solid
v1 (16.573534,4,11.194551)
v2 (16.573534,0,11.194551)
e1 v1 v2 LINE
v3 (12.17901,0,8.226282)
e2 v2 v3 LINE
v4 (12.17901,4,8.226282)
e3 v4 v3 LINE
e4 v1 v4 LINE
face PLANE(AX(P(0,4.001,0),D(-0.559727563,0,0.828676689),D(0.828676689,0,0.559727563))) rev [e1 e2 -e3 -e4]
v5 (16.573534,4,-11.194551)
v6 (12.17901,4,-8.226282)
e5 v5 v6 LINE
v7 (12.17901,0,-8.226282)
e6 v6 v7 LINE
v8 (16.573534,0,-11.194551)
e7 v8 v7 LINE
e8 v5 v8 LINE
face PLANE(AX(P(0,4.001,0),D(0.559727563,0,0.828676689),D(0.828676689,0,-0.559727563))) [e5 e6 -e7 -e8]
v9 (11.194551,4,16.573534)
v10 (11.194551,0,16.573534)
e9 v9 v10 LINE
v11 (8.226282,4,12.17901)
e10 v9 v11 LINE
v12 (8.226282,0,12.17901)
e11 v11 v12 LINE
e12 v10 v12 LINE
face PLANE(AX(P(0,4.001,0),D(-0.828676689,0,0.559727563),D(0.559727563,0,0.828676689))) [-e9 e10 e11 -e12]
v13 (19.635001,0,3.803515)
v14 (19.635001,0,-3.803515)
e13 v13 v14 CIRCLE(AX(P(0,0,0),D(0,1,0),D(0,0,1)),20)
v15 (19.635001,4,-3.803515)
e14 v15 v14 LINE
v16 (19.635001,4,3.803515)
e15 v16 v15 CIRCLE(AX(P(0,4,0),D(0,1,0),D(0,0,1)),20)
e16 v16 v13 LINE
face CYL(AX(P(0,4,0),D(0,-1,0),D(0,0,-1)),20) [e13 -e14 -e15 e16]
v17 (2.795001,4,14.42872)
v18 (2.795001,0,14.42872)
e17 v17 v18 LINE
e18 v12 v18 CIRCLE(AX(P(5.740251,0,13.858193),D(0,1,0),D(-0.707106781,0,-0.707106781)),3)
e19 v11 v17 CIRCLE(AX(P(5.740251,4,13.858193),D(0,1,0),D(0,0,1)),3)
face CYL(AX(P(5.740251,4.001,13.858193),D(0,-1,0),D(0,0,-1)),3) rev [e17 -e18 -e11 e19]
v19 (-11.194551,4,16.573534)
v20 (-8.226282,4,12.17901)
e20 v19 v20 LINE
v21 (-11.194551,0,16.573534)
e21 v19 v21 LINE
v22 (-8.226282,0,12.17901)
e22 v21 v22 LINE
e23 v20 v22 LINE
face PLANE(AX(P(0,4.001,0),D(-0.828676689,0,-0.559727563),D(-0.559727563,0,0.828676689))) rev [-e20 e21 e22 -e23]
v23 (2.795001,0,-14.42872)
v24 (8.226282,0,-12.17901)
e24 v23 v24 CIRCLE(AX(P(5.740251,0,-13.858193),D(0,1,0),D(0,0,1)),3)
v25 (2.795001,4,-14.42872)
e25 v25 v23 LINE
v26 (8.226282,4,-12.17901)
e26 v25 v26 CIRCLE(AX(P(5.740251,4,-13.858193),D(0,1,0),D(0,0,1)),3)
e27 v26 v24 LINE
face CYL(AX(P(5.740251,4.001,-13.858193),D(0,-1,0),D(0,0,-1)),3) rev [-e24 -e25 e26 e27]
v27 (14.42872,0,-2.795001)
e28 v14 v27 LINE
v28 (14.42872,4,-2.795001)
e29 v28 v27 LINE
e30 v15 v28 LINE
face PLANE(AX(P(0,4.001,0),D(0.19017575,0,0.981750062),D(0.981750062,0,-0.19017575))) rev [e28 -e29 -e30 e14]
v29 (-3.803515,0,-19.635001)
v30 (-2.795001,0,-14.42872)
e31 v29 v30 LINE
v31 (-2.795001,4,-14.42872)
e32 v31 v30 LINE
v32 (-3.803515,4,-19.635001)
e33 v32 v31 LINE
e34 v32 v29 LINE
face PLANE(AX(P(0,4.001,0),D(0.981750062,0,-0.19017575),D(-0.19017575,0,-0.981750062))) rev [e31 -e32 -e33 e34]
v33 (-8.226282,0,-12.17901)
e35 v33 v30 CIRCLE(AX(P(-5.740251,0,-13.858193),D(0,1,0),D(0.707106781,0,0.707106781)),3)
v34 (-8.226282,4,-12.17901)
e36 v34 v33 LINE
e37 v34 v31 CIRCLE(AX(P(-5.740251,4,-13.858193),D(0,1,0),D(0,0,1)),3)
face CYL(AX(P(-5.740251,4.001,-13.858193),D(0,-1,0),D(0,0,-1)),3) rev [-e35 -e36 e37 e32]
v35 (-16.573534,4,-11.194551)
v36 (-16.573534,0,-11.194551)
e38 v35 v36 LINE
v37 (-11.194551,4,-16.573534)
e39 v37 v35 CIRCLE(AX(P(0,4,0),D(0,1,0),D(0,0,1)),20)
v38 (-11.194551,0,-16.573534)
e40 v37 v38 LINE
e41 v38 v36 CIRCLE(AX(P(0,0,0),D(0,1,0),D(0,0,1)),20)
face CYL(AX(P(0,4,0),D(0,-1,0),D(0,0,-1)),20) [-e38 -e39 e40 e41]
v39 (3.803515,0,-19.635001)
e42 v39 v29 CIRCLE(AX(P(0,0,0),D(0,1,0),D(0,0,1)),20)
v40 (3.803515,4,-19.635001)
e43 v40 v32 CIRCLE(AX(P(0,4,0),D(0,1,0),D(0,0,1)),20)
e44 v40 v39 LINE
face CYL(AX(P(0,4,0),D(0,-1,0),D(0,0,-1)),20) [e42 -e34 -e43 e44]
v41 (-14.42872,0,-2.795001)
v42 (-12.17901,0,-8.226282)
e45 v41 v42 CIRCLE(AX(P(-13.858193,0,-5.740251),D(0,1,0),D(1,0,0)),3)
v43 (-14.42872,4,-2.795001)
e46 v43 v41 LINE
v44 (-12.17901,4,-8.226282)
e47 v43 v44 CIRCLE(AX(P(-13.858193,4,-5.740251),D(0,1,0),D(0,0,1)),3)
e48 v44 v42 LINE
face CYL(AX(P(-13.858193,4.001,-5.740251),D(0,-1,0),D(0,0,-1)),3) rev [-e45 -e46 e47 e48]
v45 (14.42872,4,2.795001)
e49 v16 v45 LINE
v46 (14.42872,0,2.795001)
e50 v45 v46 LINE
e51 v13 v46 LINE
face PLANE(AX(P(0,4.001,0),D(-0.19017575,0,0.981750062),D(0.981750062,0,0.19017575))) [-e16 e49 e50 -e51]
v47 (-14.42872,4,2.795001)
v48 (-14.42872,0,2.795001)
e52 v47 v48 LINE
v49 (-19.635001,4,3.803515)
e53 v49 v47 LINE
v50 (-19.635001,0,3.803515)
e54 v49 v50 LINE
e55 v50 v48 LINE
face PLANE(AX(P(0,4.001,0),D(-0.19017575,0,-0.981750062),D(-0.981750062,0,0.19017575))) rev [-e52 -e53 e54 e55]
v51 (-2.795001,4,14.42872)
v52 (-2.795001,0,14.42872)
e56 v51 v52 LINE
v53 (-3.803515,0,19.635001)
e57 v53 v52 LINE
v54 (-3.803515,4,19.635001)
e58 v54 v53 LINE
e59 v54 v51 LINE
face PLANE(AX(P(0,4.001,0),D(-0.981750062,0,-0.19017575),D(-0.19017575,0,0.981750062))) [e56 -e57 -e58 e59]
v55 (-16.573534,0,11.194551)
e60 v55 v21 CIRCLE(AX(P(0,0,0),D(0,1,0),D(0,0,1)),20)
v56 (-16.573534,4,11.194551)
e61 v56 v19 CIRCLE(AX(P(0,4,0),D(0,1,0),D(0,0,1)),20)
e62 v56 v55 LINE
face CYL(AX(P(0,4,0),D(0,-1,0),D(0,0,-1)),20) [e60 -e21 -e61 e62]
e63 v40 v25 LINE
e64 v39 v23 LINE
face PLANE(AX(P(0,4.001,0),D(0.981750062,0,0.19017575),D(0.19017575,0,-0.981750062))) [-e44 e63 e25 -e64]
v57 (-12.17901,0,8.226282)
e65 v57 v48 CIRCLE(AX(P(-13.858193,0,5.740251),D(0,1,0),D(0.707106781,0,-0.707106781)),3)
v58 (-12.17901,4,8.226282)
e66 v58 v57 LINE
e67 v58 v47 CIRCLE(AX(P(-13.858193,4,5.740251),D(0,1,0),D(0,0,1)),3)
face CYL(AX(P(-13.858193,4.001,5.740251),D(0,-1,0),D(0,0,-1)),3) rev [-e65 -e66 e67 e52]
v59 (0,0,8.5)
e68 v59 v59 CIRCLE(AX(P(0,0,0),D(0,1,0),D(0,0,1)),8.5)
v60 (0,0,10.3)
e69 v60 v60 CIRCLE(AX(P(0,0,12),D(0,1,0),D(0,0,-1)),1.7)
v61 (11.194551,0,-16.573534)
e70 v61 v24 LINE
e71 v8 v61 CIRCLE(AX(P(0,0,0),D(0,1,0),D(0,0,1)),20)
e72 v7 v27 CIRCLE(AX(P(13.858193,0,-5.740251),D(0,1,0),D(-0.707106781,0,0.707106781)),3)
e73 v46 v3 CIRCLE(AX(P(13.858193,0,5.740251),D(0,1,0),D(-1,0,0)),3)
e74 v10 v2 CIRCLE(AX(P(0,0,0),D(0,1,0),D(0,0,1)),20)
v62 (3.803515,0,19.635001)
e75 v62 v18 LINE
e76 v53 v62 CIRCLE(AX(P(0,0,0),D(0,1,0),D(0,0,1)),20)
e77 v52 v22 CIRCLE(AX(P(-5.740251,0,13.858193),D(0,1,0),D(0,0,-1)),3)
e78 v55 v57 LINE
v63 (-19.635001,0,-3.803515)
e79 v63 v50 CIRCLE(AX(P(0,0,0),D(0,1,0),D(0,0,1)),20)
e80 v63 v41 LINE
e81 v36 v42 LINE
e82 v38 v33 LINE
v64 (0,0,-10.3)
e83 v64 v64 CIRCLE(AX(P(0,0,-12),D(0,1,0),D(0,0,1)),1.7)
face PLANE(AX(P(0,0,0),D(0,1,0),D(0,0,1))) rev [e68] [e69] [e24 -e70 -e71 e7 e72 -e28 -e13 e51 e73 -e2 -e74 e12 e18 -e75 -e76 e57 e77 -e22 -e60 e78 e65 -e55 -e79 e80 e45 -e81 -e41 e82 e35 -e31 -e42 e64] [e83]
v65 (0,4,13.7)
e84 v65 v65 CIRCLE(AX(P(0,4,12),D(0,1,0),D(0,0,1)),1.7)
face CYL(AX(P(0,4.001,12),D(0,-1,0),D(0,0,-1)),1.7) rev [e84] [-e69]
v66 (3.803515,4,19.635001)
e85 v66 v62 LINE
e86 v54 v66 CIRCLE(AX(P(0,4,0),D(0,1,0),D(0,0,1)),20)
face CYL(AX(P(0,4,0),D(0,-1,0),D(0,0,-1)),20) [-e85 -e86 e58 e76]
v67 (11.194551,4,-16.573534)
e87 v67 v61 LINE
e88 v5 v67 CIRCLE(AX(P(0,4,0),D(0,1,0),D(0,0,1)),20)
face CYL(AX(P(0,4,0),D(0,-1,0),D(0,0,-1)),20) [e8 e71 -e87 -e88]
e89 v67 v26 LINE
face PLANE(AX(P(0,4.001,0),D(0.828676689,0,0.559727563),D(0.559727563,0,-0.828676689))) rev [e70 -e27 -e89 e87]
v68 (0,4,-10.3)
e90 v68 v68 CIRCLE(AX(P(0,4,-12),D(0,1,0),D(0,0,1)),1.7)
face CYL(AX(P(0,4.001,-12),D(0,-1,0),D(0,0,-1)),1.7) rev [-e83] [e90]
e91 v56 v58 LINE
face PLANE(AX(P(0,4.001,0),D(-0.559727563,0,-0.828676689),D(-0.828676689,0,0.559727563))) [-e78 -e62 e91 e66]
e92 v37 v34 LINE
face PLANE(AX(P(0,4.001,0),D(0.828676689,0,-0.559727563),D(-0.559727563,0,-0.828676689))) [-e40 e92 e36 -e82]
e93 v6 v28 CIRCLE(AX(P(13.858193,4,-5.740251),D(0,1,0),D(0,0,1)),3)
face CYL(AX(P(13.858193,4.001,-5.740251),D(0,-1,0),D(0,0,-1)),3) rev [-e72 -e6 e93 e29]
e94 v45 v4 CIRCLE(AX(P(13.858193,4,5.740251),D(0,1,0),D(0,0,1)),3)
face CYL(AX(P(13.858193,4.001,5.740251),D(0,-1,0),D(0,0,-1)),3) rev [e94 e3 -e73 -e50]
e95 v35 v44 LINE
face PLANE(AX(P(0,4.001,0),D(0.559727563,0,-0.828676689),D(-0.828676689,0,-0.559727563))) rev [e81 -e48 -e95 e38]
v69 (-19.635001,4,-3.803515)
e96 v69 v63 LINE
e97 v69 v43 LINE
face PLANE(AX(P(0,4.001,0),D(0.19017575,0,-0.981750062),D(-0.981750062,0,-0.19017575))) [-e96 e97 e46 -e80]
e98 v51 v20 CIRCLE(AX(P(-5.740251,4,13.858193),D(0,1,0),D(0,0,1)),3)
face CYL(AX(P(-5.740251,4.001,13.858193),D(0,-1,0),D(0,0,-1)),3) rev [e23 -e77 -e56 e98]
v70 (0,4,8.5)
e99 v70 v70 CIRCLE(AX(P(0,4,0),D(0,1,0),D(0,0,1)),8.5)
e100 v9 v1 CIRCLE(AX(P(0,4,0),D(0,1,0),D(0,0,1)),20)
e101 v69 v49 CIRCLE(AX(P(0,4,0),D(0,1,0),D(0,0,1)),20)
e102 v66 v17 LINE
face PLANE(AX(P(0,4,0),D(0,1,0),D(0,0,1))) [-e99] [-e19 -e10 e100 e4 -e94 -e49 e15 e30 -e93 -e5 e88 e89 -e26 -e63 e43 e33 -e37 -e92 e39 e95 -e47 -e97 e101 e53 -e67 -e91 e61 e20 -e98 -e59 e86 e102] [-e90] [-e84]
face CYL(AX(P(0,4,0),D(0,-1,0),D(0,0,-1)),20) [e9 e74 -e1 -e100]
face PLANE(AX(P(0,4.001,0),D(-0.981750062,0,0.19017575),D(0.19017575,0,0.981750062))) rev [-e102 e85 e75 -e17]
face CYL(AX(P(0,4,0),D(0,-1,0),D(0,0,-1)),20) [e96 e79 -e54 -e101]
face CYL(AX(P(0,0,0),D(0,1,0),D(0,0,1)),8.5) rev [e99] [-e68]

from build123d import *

# Parameters (mm, degrees)
SKETCH1_R           = 20
BOSS_EXTRUDE1_DEPTH = 4
CUT_EXTRUDE1_REACH  = 6
SKETCH2_R           = 4
SKETCH2_R_2         = 1.7
CUT_EXTRUDE3_DEPTH  = 4
CIRPATTERN1_COUNT   = 8
SKETCH4_R           = 8.5
CUT_EXTRUDE4_DEPTH  = 5


with BuildPart() as part:
    # Sketch1 → Boss-Extrude1 (new body)
    with BuildSketch(Plane(origin=(0, 0, 0), x_dir=(1, 0, 0), z_dir=(0, 1, 0))):
        Circle(SKETCH1_R)
    extrude(amount=BOSS_EXTRUDE1_DEPTH)

    # Sketch2 → Cut-Extrude1 (cut, up to next)
    with BuildSketch(Plane(origin=(0, 0, 0), x_dir=(1, 0, 0), z_dir=(0, 1, 0)), mode=Mode.PRIVATE) as cut_extrude1_sk1:
        Circle(SKETCH2_R)
    cut_extrude1_tool1 = extrude(cut_extrude1_sk1.sketch, amount=CUT_EXTRUDE1_REACH, mode=Mode.PRIVATE) & part.part
    add(cut_extrude1_tool1.solids().sort_by_distance((0, 0, 0))[0], mode=Mode.SUBTRACT)
    # Sketch2 → Cut-Extrude1 (cut, up to next)
    with BuildSketch(Plane(origin=(0, 0, 0), x_dir=(1, 0, 0), z_dir=(0, 1, 0)), mode=Mode.PRIVATE) as cut_extrude1_sk2:
        with Locations((0, 12)):
            Circle(SKETCH2_R_2)
    cut_extrude1_tool2 = extrude(cut_extrude1_sk2.sketch, amount=CUT_EXTRUDE1_REACH, mode=Mode.PRIVATE) & part.part
    add(cut_extrude1_tool2.solids().sort_by_distance((0, 0, -12))[0], mode=Mode.SUBTRACT)
    # Sketch2 → Cut-Extrude1 (cut, up to next)
    with BuildSketch(Plane(origin=(0, 0, 0), x_dir=(1, 0, 0), z_dir=(0, 1, 0)), mode=Mode.PRIVATE) as cut_extrude1_sk3:
        with Locations((0, -12)):
            Circle(SKETCH2_R_2)
    cut_extrude1_tool3 = extrude(cut_extrude1_sk3.sketch, amount=CUT_EXTRUDE1_REACH, mode=Mode.PRIVATE) & part.part
    add(cut_extrude1_tool3.solids().sort_by_distance((0, 0, 12))[0], mode=Mode.SUBTRACT)

    # Sketch3 → Cut-Extrude3 (cut)
    with BuildSketch(Plane(origin=(0, 0, 0), x_dir=(1, 0, 0), z_dir=(0, 1, 0))):
        with BuildLine():
            ThreePointArc((3.803515008, 19.635001237), (7.653668647, 18.47759065), (11.194551269, 16.573533778))
            Line((11.194551269, 16.573533778), (8.226281552, 12.179010297))
            ThreePointArc((8.226281552, 12.179010297), (4.592201188, 11.08655439), (2.7950013, 14.428720239))
            Line((2.7950013, 14.428720239), (3.803515008, 19.635001237))
        make_face()
    cut_extrude3 = extrude(amount=CUT_EXTRUDE3_DEPTH, mode=Mode.SUBTRACT)

    # CirPattern1: Cut-Extrude3 ×8 about axis
    cirpattern1_axis = Axis((0, 0, 0), (0, 1, 0))
    for i in range(1, CIRPATTERN1_COUNT):
        add(cut_extrude3.rotate(cirpattern1_axis, i * 360 / CIRPATTERN1_COUNT), mode=Mode.SUBTRACT)

    # Sketch4 → Cut-Extrude4 (cut, through all)
    with BuildSketch(Plane(origin=(0, 4, 0), x_dir=(1, 0, 0), z_dir=(0, 1, 0))):
        Circle(SKETCH4_R)
    extrude(amount=-CUT_EXTRUDE4_DEPTH, mode=Mode.SUBTRACT)


solid = part.part
